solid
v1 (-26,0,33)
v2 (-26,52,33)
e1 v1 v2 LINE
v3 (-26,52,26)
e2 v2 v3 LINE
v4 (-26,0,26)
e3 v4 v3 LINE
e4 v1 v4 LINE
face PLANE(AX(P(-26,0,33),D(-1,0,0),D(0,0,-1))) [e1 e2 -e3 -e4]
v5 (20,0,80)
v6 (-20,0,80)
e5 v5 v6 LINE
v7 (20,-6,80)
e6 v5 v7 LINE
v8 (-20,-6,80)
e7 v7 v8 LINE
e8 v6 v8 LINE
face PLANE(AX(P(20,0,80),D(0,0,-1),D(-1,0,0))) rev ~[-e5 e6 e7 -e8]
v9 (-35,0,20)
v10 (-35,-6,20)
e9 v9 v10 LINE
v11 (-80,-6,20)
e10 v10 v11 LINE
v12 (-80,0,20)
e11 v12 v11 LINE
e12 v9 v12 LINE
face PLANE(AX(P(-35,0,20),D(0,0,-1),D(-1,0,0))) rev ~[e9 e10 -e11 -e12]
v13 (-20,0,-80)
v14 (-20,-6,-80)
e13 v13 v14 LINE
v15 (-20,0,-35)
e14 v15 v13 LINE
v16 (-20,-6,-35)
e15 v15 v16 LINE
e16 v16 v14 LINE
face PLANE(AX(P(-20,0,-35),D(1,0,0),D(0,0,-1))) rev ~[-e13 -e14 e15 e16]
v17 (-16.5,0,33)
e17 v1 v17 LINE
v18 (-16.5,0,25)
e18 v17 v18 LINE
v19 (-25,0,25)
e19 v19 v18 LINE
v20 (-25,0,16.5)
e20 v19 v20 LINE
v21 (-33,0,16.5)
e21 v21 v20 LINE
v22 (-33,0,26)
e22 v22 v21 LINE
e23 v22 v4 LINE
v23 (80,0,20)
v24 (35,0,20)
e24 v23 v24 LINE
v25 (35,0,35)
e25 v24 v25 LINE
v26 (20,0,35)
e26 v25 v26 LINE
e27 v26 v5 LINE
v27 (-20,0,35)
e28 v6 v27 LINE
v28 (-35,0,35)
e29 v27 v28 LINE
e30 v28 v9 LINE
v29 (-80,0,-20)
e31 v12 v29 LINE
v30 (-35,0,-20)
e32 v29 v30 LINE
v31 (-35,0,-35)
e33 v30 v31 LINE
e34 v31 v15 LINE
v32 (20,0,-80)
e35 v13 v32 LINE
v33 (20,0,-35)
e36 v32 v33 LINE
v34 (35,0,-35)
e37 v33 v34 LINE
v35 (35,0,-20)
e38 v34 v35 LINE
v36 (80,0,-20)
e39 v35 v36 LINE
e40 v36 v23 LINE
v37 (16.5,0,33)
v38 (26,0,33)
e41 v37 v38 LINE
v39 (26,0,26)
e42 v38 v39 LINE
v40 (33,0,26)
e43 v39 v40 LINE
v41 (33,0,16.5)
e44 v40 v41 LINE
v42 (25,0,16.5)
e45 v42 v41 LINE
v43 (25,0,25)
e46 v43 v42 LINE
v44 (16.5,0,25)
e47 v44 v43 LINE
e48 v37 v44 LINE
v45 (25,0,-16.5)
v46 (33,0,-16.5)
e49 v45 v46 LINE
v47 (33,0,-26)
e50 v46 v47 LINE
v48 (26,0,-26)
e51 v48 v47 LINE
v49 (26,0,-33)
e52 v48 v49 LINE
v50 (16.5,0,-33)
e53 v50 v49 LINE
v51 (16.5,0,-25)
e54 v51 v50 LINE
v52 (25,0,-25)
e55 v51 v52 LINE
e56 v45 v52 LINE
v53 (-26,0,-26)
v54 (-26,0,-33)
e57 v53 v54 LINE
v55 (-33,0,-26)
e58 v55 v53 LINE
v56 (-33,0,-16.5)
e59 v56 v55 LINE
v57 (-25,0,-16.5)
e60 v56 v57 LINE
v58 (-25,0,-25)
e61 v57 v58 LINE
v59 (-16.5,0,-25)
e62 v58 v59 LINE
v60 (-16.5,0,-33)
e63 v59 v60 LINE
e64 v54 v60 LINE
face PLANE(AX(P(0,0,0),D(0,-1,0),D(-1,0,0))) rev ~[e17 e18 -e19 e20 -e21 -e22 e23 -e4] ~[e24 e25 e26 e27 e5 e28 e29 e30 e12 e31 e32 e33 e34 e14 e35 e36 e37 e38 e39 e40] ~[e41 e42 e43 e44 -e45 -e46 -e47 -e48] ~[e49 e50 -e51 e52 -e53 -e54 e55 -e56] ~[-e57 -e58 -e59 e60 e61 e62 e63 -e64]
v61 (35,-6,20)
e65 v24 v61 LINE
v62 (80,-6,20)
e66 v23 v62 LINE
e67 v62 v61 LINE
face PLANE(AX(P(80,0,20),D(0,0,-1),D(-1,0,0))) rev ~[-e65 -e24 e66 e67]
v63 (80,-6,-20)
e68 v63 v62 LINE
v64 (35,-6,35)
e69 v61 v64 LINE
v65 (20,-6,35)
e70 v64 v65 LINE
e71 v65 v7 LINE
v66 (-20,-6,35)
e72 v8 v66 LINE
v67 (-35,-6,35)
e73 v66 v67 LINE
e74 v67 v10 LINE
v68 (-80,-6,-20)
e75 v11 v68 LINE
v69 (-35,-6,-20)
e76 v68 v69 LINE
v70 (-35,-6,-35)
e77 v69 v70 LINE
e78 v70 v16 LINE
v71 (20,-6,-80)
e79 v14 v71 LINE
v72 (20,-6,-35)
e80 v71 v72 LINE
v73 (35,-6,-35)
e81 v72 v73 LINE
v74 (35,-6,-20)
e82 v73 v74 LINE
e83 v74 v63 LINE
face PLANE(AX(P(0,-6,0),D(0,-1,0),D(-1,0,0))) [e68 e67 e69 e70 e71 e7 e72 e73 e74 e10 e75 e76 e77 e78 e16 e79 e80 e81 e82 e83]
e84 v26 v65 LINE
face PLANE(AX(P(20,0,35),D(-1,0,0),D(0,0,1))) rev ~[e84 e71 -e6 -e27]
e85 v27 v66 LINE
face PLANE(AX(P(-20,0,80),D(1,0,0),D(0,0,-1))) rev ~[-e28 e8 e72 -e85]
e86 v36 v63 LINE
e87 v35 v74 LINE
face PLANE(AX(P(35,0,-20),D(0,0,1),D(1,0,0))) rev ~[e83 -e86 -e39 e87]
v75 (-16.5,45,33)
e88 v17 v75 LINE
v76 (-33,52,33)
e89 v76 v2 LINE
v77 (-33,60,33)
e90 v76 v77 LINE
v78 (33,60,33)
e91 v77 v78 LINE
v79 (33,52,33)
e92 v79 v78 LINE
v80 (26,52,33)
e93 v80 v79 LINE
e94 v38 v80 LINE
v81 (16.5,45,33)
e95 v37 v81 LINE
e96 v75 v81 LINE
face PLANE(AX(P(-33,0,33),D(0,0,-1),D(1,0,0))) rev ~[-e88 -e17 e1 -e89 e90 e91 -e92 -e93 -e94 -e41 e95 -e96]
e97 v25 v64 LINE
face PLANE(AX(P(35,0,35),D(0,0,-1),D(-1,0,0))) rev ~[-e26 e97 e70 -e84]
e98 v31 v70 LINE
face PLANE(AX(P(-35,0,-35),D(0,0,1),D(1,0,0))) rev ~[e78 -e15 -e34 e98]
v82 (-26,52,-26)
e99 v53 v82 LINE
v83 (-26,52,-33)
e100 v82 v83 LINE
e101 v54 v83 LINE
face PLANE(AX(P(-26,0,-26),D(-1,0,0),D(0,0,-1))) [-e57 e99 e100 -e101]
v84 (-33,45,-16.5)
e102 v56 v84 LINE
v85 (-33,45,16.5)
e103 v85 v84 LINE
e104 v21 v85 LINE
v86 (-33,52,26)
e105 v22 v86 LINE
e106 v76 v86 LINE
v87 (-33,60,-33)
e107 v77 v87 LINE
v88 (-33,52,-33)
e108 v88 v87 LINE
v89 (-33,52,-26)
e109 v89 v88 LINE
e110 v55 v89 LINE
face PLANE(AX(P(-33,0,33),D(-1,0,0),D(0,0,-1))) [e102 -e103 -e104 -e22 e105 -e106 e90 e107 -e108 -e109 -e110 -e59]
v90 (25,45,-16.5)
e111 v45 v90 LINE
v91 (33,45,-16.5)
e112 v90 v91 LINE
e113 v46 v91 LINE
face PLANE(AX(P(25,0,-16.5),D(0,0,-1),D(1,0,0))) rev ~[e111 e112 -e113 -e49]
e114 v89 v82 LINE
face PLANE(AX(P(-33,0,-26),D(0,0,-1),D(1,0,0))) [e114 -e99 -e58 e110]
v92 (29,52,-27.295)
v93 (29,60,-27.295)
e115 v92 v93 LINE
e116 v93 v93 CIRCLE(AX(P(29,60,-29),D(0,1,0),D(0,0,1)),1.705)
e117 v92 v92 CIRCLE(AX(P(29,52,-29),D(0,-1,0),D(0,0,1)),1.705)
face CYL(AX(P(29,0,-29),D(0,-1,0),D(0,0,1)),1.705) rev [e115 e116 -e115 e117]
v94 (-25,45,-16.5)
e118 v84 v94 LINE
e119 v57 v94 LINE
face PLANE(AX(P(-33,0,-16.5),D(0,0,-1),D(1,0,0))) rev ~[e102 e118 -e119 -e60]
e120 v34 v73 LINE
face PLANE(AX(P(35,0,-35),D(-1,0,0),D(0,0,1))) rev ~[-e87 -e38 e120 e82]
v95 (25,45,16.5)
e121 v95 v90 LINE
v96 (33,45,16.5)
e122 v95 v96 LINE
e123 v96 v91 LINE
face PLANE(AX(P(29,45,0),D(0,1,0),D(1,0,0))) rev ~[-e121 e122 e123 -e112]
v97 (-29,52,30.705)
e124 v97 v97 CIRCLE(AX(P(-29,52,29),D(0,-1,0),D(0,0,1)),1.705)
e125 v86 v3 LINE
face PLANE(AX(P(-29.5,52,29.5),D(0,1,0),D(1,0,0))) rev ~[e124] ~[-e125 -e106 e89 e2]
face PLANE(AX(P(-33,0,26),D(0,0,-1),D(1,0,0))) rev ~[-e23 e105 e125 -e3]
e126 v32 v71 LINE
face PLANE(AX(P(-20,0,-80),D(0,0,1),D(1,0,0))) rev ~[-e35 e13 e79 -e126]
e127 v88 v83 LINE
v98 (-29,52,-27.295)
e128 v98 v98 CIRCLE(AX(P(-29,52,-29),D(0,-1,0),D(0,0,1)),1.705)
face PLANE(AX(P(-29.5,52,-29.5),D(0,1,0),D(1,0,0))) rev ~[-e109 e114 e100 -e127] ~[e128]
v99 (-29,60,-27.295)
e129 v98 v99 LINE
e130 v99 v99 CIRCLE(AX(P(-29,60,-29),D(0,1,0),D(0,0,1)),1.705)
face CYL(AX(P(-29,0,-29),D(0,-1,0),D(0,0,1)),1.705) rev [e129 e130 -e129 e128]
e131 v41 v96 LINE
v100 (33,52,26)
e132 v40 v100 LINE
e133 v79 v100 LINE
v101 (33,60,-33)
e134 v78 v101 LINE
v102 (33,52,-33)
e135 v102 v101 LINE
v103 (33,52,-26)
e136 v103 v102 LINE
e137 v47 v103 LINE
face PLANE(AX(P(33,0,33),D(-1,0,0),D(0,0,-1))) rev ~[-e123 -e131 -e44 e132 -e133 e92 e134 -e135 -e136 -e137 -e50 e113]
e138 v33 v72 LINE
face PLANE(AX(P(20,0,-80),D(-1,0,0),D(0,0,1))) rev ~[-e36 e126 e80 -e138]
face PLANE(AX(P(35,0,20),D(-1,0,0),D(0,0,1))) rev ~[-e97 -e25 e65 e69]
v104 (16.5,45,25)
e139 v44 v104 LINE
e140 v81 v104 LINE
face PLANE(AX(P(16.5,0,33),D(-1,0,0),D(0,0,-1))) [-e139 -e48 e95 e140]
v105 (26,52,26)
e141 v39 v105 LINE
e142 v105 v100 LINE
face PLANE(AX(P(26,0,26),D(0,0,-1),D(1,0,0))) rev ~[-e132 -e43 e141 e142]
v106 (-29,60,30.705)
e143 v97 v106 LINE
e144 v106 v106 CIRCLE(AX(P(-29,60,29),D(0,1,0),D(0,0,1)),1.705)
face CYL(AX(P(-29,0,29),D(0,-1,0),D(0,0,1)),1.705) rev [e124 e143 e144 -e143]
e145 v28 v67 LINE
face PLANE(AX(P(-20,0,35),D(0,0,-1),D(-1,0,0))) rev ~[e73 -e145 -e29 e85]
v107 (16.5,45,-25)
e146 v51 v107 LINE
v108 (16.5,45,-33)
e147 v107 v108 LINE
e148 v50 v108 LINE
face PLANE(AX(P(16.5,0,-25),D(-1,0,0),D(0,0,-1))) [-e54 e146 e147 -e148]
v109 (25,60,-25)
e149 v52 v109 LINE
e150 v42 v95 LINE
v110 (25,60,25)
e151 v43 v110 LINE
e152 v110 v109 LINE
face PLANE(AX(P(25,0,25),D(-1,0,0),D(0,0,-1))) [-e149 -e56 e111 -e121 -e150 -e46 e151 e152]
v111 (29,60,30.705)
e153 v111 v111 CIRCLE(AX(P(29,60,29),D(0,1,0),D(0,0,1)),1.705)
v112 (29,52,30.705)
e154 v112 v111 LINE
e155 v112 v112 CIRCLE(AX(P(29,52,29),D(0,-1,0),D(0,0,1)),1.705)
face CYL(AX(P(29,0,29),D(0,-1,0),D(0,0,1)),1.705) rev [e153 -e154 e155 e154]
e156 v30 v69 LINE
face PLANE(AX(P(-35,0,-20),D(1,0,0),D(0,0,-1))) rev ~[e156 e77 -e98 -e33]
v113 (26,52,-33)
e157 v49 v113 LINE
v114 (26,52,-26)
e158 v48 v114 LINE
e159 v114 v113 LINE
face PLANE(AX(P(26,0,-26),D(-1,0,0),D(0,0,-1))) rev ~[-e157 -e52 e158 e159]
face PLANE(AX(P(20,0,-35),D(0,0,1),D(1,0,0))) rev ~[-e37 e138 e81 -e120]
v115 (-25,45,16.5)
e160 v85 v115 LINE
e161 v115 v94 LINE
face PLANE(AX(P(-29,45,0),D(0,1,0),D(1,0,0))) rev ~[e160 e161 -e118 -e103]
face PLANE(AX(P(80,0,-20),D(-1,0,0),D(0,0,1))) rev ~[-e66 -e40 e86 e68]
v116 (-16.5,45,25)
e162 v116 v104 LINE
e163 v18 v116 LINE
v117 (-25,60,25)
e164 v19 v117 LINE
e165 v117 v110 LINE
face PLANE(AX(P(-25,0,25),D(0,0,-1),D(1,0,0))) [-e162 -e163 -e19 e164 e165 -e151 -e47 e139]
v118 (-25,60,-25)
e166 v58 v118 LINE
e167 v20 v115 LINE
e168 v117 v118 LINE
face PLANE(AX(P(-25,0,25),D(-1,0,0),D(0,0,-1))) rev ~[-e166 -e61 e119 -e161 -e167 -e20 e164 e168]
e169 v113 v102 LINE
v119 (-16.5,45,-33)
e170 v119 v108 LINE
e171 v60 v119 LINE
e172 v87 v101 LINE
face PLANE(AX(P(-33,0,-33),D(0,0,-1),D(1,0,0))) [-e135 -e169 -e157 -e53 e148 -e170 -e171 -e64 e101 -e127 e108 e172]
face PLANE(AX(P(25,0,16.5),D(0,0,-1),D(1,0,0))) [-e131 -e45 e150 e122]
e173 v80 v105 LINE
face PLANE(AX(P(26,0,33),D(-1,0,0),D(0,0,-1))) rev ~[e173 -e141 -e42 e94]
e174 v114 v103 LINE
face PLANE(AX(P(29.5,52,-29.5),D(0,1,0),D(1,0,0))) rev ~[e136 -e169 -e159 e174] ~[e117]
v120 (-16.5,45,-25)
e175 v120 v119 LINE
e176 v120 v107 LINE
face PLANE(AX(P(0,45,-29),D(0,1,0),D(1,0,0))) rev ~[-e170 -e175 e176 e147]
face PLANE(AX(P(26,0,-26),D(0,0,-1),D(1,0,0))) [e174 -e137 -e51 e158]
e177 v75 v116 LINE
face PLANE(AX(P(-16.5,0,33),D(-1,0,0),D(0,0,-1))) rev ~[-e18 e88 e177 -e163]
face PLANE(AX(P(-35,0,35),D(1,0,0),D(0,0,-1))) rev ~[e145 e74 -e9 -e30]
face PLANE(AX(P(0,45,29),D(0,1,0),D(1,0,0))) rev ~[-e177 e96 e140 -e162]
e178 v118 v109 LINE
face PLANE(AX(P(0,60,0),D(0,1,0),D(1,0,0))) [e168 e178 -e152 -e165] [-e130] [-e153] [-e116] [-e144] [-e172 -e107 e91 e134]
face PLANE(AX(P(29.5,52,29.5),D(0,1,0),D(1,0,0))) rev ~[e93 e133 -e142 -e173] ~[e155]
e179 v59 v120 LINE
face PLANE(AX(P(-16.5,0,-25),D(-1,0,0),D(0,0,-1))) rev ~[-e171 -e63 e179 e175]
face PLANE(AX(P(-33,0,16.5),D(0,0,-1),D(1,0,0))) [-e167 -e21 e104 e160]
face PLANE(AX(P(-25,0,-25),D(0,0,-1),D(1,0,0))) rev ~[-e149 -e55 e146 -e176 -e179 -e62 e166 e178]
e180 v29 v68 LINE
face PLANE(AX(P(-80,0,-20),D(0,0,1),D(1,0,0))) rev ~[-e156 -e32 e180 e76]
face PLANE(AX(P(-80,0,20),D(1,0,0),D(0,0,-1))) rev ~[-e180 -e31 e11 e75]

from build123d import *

# Parameters (mm, degrees)
BOSS_EXTRUDE1_DEPTH = 6
SKETCH2_W           = 66
SKETCH2_H           = 66
SKETCH2_R           = 1.705
SKETCH2_W_2         = 50
SKETCH2_H_2         = 50
BOSS_EXTRUDE2_DEPTH = 60
SKETCH4_W           = 7
SKETCH4_H           = 7
CUT_EXTRUDE2_DEPTH  = 52
SKETCH5_W           = 33
SKETCH5_H           = 8
SKETCH5_W_2         = 8
SKETCH5_H_2         = 33
CUT_EXTRUDE3_DEPTH  = 45


with BuildPart() as part:
    # Sketch1 → Boss-Extrude1 (new body)
    with BuildSketch(Plane(origin=(0, 0, 0), x_dir=(1, 0, 0), z_dir=(0, 1, 0))):
        Polygon((-20, 80), (20, 80), (20, 35), (35, 35), (35, 20), (80, 20), (80, -20), (35, -20), (35, -35), (20, -35), (20, -80), (-20, -80), (-20, -35), (-35, -35), (-35, -20), (-80, -20), (-80, 20), (-35, 20), (-35, 35), (-20, 35), align=None)
    extrude(amount=-BOSS_EXTRUDE1_DEPTH)

    # Sketch2 → Boss-Extrude2 (add)
    with BuildSketch(Plane(origin=(0, 0, 0), x_dir=(1, 0, 0), z_dir=(0, 1, 0))):
        Rectangle(SKETCH2_W, SKETCH2_H)
        with Locations(Location((29, 29, 0), (0, 0, 270))):
            Circle(SKETCH2_R, mode=Mode.SUBTRACT)
        with Locations(Location((-29, 29, 0), (0, 0, 270))):
            Circle(SKETCH2_R, mode=Mode.SUBTRACT)
        with Locations(Location((29, -29, 0), (0, 0, 270))):
            Circle(SKETCH2_R, mode=Mode.SUBTRACT)
        with Locations(Location((-29, -29, 0), (0, 0, 270))):
            Circle(SKETCH2_R, mode=Mode.SUBTRACT)
        Rectangle(SKETCH2_W_2, SKETCH2_H_2, mode=Mode.SUBTRACT)
    extrude(amount=BOSS_EXTRUDE2_DEPTH)

    # Sketch4 → Cut-Extrude2 (cut)
    with BuildSketch(Plane(origin=(0, 0, 0), x_dir=(1, 0, 0), z_dir=(0, 1, 0))):
        with Locations((-29.5, 29.5)):
            Rectangle(SKETCH4_W, SKETCH4_H)
        with Locations((29.5, 29.5)):
            Rectangle(SKETCH4_W, SKETCH4_H)
        with Locations((29.5, -29.5)):
            Rectangle(SKETCH4_W, SKETCH4_H)
        with Locations((-29.5, -29.5)):
            Rectangle(SKETCH4_W, SKETCH4_H)
    extrude(amount=CUT_EXTRUDE2_DEPTH, mode=Mode.SUBTRACT)

    # Sketch5 → Cut-Extrude3 (cut)
    with BuildSketch(Plane(origin=(0, 0, 0), x_dir=(1, 0, 0), z_dir=(0, 1, 0))):
        with Locations((0, 29)):
            Rectangle(SKETCH5_W, SKETCH5_H)
        with Locations((0, -29)):
            Rectangle(SKETCH5_W, SKETCH5_H)
        with Locations((29, 0)):
            Rectangle(SKETCH5_W_2, SKETCH5_H_2)
        with Locations((-29, 0)):
            Rectangle(SKETCH5_W_2, SKETCH5_H_2)
    extrude(amount=CUT_EXTRUDE3_DEPTH, mode=Mode.SUBTRACT)


solid = part.part
